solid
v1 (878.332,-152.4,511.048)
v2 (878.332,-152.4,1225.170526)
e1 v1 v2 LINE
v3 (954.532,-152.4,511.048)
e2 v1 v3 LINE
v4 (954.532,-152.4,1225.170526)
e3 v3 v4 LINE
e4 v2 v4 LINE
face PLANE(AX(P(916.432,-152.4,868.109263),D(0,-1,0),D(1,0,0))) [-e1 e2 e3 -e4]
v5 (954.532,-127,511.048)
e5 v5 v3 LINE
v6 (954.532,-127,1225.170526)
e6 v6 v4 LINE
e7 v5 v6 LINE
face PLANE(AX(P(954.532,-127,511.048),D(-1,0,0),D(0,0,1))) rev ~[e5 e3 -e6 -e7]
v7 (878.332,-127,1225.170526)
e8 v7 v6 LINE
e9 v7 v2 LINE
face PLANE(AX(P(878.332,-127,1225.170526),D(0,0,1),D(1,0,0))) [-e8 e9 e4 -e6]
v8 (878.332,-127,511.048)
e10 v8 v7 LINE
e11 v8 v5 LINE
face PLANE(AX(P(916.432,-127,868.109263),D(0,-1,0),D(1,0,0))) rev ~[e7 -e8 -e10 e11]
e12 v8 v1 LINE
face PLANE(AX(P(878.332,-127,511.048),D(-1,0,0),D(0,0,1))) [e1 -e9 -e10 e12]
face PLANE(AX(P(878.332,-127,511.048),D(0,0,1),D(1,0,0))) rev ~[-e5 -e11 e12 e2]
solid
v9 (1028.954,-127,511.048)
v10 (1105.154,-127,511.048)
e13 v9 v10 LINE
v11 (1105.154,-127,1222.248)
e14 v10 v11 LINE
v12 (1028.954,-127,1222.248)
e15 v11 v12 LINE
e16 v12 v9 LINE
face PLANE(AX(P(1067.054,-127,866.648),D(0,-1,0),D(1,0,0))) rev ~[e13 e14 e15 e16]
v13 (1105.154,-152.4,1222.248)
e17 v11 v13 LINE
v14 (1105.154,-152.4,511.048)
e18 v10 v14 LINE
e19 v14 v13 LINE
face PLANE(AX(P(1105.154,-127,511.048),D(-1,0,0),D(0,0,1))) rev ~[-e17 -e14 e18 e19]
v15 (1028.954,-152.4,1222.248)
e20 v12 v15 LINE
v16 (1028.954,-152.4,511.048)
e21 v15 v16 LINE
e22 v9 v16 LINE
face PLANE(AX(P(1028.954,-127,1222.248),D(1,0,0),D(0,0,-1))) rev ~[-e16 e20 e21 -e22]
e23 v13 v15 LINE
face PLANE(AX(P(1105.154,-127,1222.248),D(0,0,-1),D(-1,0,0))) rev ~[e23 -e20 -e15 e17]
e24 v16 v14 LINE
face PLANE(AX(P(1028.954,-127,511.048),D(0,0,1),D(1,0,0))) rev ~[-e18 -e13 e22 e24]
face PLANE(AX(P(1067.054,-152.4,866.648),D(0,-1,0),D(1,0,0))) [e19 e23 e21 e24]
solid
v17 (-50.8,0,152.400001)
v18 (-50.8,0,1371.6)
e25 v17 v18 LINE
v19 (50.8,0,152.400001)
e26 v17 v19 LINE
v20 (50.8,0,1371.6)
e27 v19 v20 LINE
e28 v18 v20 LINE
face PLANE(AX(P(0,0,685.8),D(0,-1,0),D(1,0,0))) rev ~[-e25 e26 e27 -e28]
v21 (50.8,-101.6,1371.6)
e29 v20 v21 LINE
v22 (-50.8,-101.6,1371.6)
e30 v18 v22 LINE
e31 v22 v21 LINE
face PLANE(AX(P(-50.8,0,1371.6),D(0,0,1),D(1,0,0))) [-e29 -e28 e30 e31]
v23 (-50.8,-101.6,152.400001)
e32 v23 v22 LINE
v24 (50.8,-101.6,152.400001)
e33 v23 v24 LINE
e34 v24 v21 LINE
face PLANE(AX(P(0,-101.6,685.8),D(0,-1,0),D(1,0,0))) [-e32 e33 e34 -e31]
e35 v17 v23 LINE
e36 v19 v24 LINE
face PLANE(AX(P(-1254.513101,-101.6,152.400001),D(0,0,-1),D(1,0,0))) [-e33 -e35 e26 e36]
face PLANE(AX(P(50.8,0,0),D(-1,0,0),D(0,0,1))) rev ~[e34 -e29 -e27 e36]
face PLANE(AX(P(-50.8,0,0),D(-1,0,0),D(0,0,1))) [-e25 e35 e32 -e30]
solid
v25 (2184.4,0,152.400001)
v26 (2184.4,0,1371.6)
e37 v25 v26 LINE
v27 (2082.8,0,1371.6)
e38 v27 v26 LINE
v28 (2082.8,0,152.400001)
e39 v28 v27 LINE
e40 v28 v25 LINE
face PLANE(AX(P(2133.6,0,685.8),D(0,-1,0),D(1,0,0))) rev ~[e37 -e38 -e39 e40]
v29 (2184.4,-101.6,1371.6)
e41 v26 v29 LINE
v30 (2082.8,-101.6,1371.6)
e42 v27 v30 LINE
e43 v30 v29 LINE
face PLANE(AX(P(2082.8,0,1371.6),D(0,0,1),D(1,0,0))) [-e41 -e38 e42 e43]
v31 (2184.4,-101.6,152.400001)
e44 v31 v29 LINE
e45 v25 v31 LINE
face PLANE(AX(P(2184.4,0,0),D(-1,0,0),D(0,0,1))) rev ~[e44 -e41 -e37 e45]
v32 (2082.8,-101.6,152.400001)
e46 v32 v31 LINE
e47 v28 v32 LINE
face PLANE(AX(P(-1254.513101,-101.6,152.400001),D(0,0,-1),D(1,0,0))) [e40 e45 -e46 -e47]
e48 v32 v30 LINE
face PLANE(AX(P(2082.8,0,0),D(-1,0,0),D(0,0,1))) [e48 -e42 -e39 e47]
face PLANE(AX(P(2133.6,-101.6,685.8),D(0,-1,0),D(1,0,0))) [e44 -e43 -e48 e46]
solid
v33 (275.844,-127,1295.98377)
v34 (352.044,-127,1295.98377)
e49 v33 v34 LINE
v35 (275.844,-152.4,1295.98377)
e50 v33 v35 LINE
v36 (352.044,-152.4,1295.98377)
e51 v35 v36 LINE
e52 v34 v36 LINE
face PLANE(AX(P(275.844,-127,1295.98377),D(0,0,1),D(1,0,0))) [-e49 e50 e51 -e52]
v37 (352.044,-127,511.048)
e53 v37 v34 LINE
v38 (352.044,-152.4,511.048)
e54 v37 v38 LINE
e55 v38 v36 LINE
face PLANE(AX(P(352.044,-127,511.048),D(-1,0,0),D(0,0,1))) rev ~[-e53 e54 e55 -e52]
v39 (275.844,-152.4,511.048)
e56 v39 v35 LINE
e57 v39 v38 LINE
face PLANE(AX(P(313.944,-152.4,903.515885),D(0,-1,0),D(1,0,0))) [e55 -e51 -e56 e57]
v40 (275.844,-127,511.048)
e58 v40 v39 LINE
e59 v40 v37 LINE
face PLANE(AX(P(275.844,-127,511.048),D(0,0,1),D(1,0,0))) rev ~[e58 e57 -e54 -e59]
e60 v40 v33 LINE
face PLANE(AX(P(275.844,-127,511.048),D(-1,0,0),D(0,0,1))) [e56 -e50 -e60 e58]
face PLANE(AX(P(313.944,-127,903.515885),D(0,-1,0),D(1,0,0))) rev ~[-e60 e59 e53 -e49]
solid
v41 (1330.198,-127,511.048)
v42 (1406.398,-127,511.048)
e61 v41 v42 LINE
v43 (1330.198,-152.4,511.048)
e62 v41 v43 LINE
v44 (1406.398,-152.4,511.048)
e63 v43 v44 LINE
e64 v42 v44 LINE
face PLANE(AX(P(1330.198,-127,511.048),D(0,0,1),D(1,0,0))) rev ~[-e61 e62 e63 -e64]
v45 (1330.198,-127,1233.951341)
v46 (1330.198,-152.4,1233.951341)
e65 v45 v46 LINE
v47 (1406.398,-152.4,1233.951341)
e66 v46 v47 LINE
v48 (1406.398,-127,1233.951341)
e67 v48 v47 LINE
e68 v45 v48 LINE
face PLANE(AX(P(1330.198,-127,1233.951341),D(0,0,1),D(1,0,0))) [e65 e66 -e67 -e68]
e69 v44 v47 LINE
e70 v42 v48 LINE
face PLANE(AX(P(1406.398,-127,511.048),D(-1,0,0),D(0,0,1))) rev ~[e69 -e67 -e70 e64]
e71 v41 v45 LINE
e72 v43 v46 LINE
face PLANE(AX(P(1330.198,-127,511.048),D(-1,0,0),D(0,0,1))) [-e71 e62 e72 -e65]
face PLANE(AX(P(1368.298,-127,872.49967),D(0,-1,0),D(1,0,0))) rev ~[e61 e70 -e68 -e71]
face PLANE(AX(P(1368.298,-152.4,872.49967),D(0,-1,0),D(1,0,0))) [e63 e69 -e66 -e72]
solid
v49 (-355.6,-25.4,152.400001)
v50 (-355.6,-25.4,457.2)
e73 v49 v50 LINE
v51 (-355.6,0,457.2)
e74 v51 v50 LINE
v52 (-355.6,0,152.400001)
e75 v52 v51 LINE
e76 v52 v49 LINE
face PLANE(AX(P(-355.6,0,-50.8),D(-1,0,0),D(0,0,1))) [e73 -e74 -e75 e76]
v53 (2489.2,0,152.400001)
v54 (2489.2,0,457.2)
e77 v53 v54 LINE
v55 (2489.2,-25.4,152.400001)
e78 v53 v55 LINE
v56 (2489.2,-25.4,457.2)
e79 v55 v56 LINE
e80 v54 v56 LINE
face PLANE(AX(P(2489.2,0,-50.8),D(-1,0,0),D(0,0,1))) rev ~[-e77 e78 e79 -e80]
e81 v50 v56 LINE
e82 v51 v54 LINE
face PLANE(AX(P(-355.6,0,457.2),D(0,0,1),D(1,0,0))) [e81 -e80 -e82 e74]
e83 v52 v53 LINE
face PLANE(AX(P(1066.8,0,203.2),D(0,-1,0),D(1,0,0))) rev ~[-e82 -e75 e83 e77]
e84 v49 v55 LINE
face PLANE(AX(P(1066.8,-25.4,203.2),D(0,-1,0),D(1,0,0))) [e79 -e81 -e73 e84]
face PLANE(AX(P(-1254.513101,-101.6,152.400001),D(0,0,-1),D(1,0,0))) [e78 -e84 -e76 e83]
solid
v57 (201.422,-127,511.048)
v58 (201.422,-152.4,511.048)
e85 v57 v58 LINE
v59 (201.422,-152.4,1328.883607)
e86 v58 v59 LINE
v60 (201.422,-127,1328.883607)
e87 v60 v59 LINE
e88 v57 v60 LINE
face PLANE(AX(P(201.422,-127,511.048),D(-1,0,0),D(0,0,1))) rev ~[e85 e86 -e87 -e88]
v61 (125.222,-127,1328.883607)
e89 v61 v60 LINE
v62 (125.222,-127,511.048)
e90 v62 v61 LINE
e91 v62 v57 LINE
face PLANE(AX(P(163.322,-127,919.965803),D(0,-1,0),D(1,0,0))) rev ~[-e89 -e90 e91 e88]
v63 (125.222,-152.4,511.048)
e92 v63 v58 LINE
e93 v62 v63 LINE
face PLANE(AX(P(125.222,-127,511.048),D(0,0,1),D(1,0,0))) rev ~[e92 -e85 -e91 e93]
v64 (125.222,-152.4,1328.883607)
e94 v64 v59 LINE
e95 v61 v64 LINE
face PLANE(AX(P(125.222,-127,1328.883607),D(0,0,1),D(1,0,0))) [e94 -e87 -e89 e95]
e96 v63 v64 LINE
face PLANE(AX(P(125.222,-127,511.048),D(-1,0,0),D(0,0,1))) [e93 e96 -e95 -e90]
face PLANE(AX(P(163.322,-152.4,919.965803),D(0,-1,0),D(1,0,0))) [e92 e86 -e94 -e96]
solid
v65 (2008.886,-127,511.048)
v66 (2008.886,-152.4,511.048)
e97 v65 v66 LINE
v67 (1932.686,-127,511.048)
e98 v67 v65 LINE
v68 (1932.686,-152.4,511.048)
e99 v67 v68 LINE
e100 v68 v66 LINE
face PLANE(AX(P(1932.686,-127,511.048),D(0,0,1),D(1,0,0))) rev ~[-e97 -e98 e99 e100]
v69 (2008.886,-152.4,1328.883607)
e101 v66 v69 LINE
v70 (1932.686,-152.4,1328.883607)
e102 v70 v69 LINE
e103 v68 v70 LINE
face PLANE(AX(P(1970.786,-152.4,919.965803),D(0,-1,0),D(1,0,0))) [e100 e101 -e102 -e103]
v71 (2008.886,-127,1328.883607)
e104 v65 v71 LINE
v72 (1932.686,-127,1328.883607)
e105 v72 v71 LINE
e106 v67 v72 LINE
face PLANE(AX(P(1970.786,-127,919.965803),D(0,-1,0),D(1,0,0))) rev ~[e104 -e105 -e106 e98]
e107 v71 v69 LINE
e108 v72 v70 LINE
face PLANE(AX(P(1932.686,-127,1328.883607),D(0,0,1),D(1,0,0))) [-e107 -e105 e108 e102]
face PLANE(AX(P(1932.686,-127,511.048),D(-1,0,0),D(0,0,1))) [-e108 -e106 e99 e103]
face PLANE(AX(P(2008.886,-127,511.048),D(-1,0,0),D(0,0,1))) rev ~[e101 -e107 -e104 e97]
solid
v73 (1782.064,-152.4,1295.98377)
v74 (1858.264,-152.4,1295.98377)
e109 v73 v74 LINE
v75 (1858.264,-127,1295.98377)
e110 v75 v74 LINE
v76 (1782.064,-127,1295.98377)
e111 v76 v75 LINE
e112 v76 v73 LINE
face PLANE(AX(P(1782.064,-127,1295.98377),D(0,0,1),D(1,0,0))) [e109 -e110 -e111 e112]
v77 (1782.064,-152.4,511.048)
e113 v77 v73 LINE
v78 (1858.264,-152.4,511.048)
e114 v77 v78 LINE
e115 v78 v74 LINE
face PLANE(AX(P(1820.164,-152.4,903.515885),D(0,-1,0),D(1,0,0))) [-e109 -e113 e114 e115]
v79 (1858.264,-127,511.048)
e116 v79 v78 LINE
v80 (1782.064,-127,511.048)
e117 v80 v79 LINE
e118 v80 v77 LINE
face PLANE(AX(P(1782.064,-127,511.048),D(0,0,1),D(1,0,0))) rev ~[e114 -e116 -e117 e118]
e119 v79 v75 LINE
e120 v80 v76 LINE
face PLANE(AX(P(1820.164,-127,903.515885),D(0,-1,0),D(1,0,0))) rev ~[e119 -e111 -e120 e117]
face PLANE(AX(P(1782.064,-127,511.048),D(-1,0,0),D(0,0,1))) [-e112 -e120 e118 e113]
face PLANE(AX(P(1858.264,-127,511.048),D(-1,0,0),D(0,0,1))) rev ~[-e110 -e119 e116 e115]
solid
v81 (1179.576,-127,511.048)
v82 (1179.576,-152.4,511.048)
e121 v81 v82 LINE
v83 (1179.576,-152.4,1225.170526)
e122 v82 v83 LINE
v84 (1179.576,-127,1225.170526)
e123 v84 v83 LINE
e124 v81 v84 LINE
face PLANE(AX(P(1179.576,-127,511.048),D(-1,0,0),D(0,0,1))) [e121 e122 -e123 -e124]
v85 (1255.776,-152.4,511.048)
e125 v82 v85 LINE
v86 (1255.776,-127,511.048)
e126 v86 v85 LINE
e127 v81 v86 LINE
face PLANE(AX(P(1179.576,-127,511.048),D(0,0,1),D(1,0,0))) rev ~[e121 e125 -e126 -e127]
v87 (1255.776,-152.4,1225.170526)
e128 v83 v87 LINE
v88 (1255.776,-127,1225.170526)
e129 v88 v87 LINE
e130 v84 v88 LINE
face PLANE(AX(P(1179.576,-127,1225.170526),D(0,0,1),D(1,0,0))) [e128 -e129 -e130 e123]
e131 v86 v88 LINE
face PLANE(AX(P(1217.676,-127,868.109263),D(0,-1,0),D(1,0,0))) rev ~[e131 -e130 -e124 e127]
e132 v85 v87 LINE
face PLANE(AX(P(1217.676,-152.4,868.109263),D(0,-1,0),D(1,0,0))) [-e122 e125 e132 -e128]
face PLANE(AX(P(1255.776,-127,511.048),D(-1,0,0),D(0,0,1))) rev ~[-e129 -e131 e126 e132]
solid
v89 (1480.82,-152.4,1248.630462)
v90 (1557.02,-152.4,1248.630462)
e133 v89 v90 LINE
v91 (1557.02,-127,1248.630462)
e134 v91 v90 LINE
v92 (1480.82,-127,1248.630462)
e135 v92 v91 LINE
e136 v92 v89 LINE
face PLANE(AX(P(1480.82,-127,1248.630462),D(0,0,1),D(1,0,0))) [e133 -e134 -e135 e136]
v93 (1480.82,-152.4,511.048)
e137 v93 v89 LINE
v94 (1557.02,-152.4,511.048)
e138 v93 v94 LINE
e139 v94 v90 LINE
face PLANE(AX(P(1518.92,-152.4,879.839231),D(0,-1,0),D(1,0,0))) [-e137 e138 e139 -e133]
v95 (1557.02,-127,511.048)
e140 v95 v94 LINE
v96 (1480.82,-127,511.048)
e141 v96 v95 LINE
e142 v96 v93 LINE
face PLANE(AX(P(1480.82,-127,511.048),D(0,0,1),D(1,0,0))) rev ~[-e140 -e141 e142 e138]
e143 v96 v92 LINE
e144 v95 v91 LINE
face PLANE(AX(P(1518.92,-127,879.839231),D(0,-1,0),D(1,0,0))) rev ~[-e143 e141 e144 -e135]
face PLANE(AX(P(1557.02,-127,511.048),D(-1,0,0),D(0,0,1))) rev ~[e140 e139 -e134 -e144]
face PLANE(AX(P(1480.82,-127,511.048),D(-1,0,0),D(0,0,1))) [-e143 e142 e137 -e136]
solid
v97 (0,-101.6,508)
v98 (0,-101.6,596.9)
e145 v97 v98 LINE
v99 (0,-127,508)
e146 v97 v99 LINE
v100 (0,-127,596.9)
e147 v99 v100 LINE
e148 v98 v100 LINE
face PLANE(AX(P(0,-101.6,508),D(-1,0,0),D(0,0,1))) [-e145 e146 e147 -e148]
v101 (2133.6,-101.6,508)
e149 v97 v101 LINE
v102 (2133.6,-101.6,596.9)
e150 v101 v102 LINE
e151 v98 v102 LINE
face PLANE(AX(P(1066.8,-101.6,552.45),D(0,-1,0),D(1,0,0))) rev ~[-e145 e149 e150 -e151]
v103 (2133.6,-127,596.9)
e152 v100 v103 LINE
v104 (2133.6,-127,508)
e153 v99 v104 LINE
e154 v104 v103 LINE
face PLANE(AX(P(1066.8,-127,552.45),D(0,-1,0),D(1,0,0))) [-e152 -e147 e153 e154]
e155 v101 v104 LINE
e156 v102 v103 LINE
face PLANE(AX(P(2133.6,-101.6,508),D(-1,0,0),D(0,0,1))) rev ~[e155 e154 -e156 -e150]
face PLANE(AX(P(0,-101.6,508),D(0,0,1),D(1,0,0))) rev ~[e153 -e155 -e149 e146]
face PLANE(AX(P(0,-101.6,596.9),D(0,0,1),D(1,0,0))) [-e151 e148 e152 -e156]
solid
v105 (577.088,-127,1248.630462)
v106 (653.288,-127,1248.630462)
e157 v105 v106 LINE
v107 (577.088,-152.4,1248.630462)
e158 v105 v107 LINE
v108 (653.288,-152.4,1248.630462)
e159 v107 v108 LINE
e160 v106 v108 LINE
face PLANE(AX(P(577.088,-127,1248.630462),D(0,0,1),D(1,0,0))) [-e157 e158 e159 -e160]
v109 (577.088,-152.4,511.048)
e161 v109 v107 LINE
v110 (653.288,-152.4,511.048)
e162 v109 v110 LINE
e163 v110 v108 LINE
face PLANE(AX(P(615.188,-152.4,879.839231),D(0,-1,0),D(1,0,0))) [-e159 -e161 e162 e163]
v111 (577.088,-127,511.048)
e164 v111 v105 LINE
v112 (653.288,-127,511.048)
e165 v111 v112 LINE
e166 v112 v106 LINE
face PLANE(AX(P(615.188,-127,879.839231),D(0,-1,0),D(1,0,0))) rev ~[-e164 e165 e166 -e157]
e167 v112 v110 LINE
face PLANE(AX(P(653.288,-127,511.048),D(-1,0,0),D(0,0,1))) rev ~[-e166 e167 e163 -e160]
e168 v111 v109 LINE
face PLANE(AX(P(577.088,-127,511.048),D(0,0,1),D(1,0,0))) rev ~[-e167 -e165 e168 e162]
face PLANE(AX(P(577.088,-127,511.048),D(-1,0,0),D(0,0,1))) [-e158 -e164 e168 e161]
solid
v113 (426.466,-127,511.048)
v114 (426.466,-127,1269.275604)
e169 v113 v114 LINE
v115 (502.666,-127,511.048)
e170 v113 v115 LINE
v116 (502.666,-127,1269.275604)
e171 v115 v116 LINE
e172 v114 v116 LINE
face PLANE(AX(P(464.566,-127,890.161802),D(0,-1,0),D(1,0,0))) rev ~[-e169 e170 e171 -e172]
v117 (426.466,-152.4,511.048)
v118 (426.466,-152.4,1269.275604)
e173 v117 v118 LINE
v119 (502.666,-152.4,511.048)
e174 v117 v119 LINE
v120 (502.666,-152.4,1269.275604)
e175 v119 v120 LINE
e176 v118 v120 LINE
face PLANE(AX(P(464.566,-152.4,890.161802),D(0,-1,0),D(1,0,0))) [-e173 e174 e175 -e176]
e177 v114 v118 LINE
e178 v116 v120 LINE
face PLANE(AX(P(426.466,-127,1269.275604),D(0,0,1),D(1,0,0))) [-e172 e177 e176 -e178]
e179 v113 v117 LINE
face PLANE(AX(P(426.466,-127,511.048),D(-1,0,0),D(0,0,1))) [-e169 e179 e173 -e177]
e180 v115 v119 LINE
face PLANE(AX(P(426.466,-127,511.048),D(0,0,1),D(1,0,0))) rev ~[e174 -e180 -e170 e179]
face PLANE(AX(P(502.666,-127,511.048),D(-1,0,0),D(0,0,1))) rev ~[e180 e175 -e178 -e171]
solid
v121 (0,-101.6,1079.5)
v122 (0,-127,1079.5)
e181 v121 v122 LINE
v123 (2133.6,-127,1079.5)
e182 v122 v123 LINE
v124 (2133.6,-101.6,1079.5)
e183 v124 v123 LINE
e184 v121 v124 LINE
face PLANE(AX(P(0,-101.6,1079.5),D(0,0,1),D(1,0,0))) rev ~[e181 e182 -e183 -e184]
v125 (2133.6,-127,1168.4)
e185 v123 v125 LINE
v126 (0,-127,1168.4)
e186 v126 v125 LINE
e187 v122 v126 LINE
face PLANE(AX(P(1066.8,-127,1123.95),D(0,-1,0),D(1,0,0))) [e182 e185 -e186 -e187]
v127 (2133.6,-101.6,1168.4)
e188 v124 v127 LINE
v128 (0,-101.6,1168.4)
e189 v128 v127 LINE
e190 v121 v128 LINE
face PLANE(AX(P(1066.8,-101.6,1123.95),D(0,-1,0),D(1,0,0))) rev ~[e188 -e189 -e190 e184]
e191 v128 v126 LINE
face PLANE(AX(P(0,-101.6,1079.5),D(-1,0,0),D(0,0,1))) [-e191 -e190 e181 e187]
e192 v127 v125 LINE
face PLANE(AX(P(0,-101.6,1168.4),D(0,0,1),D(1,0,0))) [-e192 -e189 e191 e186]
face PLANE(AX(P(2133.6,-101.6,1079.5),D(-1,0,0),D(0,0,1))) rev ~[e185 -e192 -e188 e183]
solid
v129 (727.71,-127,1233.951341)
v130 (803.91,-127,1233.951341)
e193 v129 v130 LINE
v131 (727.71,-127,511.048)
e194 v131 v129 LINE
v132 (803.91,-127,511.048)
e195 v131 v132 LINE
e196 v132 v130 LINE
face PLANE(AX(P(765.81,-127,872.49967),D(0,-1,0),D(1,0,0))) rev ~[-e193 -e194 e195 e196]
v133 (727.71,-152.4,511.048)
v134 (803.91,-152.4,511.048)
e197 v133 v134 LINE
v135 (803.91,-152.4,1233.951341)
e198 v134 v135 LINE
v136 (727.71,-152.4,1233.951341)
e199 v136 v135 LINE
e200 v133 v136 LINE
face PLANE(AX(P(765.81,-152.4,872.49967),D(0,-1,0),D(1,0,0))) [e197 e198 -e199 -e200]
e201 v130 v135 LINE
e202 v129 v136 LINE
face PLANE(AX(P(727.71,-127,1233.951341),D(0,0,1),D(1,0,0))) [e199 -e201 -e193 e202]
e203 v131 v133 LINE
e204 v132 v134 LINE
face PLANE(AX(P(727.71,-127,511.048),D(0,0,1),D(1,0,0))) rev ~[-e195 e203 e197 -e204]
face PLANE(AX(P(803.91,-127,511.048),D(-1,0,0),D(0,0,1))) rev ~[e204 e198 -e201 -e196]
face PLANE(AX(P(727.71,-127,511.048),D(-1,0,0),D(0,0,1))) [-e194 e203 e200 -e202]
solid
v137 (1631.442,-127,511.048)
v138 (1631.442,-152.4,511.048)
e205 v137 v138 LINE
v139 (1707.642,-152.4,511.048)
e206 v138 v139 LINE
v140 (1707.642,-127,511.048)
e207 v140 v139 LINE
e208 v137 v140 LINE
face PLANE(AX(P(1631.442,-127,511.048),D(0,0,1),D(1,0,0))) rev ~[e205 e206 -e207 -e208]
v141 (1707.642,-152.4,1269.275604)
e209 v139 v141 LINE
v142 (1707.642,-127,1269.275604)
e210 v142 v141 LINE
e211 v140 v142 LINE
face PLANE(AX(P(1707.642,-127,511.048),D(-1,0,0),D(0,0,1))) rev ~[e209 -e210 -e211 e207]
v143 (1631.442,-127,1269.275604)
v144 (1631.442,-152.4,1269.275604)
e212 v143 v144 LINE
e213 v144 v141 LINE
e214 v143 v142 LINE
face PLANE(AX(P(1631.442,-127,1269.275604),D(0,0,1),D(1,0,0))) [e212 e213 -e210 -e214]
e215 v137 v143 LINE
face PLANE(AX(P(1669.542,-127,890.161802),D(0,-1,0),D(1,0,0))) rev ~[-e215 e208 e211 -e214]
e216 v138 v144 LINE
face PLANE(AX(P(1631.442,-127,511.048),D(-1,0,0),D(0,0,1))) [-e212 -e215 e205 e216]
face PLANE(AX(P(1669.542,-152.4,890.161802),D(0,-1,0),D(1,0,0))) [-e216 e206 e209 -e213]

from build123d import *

# Parameters (mm, degrees)
F0_W     = 101.6
F0_H     = 1371.6
F1_DEPTH = 101.6
F2_W     = 2844.8
F2_H     = 508
F3_DEPTH = 25.4
F4_W     = 2133.6
F4_H     = 88.9
F5_DEPTH = 25.4
F6_W     = 76.2
F6_H     = 817.835607
F6_H_2   = 784.935771
F6_H_3   = 758.227604
F6_H_4   = 737.582462
F6_H_5   = 722.903341
F6_H_6   = 714.122526
F7_DEPTH = 25.4
F8_W     = 4864.425036
F8_H     = 579.639387
F9_DEPTH = 101.601


with BuildPart() as f1:
    # F0 (on Front) → F1 (new body)
    with BuildSketch(Plane.XZ):
        with Locations((0, 685.8)):
            Rectangle(F0_W, F0_H)
        with Locations((2133.6, 685.8)):
            Rectangle(F0_W, F0_H)
    extrude(amount=F1_DEPTH)


with BuildPart() as f3:
    # F2 (on Front) → F3 (new body)
    with BuildSketch(Plane.XZ):
        with Locations((1066.8, 203.2)):
            Rectangle(F2_W, F2_H)
    extrude(amount=F3_DEPTH)


with BuildPart() as f5:
    # F4 (on face) → F5 (new body)
    with BuildSketch(Plane.XZ.offset(101.6)):
        with Locations((1066.8, 552.45)):
            Rectangle(F4_W, F4_H)
        with Locations((1066.8, 1123.95)):
            Rectangle(F4_W, F4_H)
    extrude(amount=F5_DEPTH)


with BuildPart() as f7:
    # F6 (on face) → F7 (new body)
    with BuildSketch(Plane.XZ.offset(127)):
        with Locations((163.322, 919.965803)):
            Rectangle(F6_W, F6_H)
        with Locations((313.944, 903.515885)):
            Rectangle(F6_W, F6_H_2)
        with Locations((464.566, 890.161802)):
            Rectangle(F6_W, F6_H_3)
        with Locations((615.188, 879.839231)):
            Rectangle(F6_W, F6_H_4)
        with Locations((765.81, 872.49967)):
            Rectangle(F6_W, F6_H_5)
        with Locations((916.432, 868.109263)):
            Rectangle(F6_W, F6_H_6)
        Polygon((1028.954, 1222.248), (1028.954, 511.048), (1105.154, 511.048), (1105.154, 1222.248), (1067.054, 1222.248), align=None)
        with Locations((1217.676, 868.109263)):
            Rectangle(F6_W, F6_H_6)
        with Locations((1368.298, 872.49967)):
            Rectangle(F6_W, F6_H_5)
        with Locations((1518.92, 879.839231)):
            Rectangle(F6_W, F6_H_4)
        with Locations((1669.542, 890.161802)):
            Rectangle(F6_W, F6_H_3)
        with Locations((1820.164, 903.515885)):
            Rectangle(F6_W, F6_H_2)
        with Locations((1970.786, 919.965803)):
            Rectangle(F6_W, F6_H)
    extrude(amount=F7_DEPTH)


with BuildPart() as f9_tool:
    # F8 (on face) → F9 (new body, through all)
    with BuildSketch(Plane.XZ.offset(101.6)):
        with Locations((1177.699417, -137.419693)):
            Rectangle(F8_W, F8_H)
    extrude(amount=-F9_DEPTH)


with BuildPart() as f1_1:
    add(f1.part)

    # F9: cut by f9_tool
    add(f9_tool.part, mode=Mode.SUBTRACT)


with BuildPart() as f3_1:
    add(f3.part)

    # F9: cut by f9_tool
    add(f9_tool.part, mode=Mode.SUBTRACT)


solid = Compound([f5.part, f7.part, f1_1.part, f3_1.part])
